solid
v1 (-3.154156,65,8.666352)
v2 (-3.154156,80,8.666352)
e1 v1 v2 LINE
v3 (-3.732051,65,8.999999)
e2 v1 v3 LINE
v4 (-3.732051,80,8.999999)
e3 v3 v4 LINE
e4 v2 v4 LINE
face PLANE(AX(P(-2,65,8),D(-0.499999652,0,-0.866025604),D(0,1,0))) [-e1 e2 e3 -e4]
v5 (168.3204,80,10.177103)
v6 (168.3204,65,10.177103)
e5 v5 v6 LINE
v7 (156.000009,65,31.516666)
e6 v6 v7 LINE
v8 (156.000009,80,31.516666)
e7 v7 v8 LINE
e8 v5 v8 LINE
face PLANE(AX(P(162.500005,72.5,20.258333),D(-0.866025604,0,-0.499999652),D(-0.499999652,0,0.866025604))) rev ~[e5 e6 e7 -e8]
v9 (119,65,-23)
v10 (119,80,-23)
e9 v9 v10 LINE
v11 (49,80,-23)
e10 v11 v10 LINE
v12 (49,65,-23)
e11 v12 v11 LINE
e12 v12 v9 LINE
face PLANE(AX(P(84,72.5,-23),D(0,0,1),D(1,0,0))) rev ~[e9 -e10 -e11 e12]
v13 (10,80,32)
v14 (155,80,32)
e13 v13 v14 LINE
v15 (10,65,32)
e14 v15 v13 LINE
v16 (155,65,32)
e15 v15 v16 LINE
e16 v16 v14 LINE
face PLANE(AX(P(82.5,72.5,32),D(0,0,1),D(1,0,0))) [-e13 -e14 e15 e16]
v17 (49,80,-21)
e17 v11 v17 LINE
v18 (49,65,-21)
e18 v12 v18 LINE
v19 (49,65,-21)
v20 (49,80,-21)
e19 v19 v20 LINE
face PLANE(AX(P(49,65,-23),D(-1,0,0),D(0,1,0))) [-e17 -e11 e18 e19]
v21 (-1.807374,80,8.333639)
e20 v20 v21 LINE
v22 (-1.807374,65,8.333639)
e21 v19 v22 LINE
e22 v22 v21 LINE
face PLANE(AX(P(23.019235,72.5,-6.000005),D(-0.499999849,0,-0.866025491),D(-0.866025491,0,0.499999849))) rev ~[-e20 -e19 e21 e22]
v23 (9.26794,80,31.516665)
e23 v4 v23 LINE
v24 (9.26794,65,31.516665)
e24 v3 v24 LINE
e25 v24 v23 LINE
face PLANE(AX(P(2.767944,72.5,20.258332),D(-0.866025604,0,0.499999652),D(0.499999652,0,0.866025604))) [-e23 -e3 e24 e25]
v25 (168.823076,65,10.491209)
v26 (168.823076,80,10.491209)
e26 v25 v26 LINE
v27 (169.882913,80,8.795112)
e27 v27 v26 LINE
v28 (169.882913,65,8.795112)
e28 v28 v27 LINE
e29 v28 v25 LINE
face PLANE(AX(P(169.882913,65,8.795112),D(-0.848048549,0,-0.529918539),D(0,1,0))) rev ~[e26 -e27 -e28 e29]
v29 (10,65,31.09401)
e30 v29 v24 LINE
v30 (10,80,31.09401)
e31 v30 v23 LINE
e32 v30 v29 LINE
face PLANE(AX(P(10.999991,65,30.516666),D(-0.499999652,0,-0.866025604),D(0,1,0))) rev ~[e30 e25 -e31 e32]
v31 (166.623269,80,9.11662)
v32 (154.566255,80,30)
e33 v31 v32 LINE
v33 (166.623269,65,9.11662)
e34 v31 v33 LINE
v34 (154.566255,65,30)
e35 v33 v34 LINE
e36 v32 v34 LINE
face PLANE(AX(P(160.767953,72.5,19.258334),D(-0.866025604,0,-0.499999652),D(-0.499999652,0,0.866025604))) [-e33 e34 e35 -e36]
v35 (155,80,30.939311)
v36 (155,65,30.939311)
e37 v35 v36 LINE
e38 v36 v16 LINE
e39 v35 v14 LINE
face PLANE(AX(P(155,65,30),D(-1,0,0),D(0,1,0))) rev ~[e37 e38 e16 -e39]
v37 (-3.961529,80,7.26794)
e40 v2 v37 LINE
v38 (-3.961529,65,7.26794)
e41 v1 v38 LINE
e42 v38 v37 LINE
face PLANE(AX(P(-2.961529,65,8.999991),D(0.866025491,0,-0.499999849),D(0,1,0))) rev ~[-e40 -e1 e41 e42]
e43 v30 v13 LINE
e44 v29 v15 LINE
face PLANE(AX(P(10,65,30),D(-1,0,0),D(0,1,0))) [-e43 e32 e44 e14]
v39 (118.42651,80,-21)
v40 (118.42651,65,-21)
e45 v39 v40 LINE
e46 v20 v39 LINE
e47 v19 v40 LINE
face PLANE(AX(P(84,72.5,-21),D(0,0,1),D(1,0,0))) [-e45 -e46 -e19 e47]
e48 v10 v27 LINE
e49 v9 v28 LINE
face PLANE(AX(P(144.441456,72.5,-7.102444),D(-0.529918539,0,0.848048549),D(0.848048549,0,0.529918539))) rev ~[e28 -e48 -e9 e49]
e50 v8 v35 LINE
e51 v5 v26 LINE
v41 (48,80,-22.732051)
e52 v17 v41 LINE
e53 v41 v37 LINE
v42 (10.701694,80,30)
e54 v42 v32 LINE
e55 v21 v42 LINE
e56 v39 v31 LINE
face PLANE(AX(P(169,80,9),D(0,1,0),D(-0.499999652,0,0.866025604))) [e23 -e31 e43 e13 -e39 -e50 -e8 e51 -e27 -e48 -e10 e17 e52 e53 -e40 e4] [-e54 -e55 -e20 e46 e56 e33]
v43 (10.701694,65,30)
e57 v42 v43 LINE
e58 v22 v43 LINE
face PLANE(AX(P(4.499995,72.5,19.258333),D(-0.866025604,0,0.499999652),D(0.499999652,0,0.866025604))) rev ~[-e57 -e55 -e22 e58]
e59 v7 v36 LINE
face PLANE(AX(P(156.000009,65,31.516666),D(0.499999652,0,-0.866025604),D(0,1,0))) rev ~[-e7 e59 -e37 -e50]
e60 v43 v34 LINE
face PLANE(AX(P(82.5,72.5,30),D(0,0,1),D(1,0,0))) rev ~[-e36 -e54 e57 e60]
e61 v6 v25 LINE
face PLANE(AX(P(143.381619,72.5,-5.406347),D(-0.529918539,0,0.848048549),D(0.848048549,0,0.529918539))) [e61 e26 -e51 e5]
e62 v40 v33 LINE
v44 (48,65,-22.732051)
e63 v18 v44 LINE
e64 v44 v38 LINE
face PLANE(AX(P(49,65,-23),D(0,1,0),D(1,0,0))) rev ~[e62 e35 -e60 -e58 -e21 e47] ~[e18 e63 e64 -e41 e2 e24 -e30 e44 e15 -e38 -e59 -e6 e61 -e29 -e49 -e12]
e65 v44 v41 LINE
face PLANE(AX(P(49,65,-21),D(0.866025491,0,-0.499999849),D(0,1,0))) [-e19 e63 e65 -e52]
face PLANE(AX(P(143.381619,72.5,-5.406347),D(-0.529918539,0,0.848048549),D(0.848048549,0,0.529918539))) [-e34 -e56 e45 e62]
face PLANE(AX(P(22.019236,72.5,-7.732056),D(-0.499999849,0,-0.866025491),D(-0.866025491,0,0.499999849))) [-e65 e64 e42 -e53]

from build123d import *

# Parameters (mm, degrees)
BOX001002001_W                     = 70
BOX001002001_H                     = 15
BOX001002001_DEPTH                 = 2
BOX001002001002_W                  = 60
BOX001002001002_H                  = 15
BOX001002001002_DEPTH              = 2
BOX001002001002_PLACEMENT_ANGLE    = 209.99999
BOX001002001001_W                  = 60
BOX001002001001_H                  = 15
BOX001002001001_DEPTH              = 2
BOX001002001001_PITCH_ANGLE        = -31.999951
BOX001002001003_W                  = 26
BOX001002001003_H                  = 15
BOX001002001003_DEPTH              = 2
BOX001002001003_PLACEMENT_ANGLE    = 60.000023
BOX001002001003001_W               = 26
BOX001002001003001_H               = 15
BOX001002001003001_DEPTH           = 2
BOX001002001003001_PLACEMENT_ANGLE = 119.999977
BOX001002_W                        = 145
BOX001002_H                        = 15
BOX001002_DEPTH                    = 2


with BuildPart() as box001002001:
    # Box001002001 → Box001002001 (new body)
    with BuildSketch(Plane(origin=(49, -20, -23), x_dir=(1, 0, 0), z_dir=(0, 0, 1))):
        with Locations((35, 7.5)):
            Rectangle(BOX001002001_W, BOX001002001_H)
    extrude(amount=BOX001002001_DEPTH)


with BuildPart() as box001002001002:
    # Box001002001002 → Box001002001002 (new body)
    with BuildSketch(Plane.XY):
        with Locations((30, 7.5)):
            Rectangle(BOX001002001002_W, BOX001002001002_H)
    extrude(amount=BOX001002001002_DEPTH)


with BuildPart() as box001002001002_1:
    # Box001002001002 placement: moved
    add(box001002001002.part.moved(Location((49, -20, -21))).rotate(Axis((49, -20, -21), (0, 1, 0)), BOX001002001002_PLACEMENT_ANGLE))


with BuildPart() as box001002001001:
    # Box001002001001 → Box001002001001 (new body)
    with BuildSketch(Plane.XY):
        with Locations((30, 7.5)):
            Rectangle(BOX001002001001_W, BOX001002001001_H)
    extrude(amount=BOX001002001001_DEPTH)


with BuildPart() as box001002001001_1:
    # Box001002001001 pitch: moved
    add(box001002001001.part.rotate(Axis((0, 0, 0), (0, 1, 0)), BOX001002001001_PITCH_ANGLE))


with BuildPart() as box001002001001_2:
    # Box001002001001 placement: moved
    add(box001002001001_1.part.moved(Location((119, -20, -23))))


with BuildPart() as box001002001003:
    # Box001002001003 → Box001002001003 (new body)
    with BuildSketch(Plane.XY):
        with Locations((13, 7.5)):
            Rectangle(BOX001002001003_W, BOX001002001003_H)
    extrude(amount=BOX001002001003_DEPTH)


with BuildPart() as box001002001003_1:
    # Box001002001003 placement: moved
    add(box001002001003.part.moved(Location((-2, -20, 8))).rotate(Axis((-2, -20, 8), (0, -1, 0)), BOX001002001003_PLACEMENT_ANGLE))


with BuildPart() as box001002001003001:
    # Box001002001003001 → Box001002001003001 (new body)
    with BuildSketch(Plane.XY):
        with Locations((13, 7.5)):
            Rectangle(BOX001002001003001_W, BOX001002001003001_H)
    extrude(amount=BOX001002001003001_DEPTH)


with BuildPart() as box001002001003001_1:
    # Box001002001003001 placement: moved
    add(box001002001003001.part.moved(Location((169, -20, 9))).rotate(Axis((169, -20, 9), (0, -1, 0)), BOX001002001003001_PLACEMENT_ANGLE))


with BuildPart() as caterpiller2:
    # Box001002 → Box001002 (new body)
    with BuildSketch(Plane(origin=(10, -20, 30), x_dir=(1, 0, 0), z_dir=(0, 0, 1))):
        with Locations((72.5, 7.5)):
            Rectangle(BOX001002_W, BOX001002_H)
    extrude(amount=BOX001002_DEPTH)

    # Fusion002001002001: union Box001002001, Box001002001002, Box001002001001, Box001002001003, Box001002001003001
    add(box001002001.part)
    add(box001002001002_1.part)
    add(box001002001001_2.part)
    add(box001002001003_1.part)
    add(box001002001003001_1.part)


with BuildPart() as caterpiller2_1:
    # Fusion002001002001 placement: moved
    add(caterpiller2.part.moved(Location((0, 85, 0))))


solid = caterpiller2_1.part
